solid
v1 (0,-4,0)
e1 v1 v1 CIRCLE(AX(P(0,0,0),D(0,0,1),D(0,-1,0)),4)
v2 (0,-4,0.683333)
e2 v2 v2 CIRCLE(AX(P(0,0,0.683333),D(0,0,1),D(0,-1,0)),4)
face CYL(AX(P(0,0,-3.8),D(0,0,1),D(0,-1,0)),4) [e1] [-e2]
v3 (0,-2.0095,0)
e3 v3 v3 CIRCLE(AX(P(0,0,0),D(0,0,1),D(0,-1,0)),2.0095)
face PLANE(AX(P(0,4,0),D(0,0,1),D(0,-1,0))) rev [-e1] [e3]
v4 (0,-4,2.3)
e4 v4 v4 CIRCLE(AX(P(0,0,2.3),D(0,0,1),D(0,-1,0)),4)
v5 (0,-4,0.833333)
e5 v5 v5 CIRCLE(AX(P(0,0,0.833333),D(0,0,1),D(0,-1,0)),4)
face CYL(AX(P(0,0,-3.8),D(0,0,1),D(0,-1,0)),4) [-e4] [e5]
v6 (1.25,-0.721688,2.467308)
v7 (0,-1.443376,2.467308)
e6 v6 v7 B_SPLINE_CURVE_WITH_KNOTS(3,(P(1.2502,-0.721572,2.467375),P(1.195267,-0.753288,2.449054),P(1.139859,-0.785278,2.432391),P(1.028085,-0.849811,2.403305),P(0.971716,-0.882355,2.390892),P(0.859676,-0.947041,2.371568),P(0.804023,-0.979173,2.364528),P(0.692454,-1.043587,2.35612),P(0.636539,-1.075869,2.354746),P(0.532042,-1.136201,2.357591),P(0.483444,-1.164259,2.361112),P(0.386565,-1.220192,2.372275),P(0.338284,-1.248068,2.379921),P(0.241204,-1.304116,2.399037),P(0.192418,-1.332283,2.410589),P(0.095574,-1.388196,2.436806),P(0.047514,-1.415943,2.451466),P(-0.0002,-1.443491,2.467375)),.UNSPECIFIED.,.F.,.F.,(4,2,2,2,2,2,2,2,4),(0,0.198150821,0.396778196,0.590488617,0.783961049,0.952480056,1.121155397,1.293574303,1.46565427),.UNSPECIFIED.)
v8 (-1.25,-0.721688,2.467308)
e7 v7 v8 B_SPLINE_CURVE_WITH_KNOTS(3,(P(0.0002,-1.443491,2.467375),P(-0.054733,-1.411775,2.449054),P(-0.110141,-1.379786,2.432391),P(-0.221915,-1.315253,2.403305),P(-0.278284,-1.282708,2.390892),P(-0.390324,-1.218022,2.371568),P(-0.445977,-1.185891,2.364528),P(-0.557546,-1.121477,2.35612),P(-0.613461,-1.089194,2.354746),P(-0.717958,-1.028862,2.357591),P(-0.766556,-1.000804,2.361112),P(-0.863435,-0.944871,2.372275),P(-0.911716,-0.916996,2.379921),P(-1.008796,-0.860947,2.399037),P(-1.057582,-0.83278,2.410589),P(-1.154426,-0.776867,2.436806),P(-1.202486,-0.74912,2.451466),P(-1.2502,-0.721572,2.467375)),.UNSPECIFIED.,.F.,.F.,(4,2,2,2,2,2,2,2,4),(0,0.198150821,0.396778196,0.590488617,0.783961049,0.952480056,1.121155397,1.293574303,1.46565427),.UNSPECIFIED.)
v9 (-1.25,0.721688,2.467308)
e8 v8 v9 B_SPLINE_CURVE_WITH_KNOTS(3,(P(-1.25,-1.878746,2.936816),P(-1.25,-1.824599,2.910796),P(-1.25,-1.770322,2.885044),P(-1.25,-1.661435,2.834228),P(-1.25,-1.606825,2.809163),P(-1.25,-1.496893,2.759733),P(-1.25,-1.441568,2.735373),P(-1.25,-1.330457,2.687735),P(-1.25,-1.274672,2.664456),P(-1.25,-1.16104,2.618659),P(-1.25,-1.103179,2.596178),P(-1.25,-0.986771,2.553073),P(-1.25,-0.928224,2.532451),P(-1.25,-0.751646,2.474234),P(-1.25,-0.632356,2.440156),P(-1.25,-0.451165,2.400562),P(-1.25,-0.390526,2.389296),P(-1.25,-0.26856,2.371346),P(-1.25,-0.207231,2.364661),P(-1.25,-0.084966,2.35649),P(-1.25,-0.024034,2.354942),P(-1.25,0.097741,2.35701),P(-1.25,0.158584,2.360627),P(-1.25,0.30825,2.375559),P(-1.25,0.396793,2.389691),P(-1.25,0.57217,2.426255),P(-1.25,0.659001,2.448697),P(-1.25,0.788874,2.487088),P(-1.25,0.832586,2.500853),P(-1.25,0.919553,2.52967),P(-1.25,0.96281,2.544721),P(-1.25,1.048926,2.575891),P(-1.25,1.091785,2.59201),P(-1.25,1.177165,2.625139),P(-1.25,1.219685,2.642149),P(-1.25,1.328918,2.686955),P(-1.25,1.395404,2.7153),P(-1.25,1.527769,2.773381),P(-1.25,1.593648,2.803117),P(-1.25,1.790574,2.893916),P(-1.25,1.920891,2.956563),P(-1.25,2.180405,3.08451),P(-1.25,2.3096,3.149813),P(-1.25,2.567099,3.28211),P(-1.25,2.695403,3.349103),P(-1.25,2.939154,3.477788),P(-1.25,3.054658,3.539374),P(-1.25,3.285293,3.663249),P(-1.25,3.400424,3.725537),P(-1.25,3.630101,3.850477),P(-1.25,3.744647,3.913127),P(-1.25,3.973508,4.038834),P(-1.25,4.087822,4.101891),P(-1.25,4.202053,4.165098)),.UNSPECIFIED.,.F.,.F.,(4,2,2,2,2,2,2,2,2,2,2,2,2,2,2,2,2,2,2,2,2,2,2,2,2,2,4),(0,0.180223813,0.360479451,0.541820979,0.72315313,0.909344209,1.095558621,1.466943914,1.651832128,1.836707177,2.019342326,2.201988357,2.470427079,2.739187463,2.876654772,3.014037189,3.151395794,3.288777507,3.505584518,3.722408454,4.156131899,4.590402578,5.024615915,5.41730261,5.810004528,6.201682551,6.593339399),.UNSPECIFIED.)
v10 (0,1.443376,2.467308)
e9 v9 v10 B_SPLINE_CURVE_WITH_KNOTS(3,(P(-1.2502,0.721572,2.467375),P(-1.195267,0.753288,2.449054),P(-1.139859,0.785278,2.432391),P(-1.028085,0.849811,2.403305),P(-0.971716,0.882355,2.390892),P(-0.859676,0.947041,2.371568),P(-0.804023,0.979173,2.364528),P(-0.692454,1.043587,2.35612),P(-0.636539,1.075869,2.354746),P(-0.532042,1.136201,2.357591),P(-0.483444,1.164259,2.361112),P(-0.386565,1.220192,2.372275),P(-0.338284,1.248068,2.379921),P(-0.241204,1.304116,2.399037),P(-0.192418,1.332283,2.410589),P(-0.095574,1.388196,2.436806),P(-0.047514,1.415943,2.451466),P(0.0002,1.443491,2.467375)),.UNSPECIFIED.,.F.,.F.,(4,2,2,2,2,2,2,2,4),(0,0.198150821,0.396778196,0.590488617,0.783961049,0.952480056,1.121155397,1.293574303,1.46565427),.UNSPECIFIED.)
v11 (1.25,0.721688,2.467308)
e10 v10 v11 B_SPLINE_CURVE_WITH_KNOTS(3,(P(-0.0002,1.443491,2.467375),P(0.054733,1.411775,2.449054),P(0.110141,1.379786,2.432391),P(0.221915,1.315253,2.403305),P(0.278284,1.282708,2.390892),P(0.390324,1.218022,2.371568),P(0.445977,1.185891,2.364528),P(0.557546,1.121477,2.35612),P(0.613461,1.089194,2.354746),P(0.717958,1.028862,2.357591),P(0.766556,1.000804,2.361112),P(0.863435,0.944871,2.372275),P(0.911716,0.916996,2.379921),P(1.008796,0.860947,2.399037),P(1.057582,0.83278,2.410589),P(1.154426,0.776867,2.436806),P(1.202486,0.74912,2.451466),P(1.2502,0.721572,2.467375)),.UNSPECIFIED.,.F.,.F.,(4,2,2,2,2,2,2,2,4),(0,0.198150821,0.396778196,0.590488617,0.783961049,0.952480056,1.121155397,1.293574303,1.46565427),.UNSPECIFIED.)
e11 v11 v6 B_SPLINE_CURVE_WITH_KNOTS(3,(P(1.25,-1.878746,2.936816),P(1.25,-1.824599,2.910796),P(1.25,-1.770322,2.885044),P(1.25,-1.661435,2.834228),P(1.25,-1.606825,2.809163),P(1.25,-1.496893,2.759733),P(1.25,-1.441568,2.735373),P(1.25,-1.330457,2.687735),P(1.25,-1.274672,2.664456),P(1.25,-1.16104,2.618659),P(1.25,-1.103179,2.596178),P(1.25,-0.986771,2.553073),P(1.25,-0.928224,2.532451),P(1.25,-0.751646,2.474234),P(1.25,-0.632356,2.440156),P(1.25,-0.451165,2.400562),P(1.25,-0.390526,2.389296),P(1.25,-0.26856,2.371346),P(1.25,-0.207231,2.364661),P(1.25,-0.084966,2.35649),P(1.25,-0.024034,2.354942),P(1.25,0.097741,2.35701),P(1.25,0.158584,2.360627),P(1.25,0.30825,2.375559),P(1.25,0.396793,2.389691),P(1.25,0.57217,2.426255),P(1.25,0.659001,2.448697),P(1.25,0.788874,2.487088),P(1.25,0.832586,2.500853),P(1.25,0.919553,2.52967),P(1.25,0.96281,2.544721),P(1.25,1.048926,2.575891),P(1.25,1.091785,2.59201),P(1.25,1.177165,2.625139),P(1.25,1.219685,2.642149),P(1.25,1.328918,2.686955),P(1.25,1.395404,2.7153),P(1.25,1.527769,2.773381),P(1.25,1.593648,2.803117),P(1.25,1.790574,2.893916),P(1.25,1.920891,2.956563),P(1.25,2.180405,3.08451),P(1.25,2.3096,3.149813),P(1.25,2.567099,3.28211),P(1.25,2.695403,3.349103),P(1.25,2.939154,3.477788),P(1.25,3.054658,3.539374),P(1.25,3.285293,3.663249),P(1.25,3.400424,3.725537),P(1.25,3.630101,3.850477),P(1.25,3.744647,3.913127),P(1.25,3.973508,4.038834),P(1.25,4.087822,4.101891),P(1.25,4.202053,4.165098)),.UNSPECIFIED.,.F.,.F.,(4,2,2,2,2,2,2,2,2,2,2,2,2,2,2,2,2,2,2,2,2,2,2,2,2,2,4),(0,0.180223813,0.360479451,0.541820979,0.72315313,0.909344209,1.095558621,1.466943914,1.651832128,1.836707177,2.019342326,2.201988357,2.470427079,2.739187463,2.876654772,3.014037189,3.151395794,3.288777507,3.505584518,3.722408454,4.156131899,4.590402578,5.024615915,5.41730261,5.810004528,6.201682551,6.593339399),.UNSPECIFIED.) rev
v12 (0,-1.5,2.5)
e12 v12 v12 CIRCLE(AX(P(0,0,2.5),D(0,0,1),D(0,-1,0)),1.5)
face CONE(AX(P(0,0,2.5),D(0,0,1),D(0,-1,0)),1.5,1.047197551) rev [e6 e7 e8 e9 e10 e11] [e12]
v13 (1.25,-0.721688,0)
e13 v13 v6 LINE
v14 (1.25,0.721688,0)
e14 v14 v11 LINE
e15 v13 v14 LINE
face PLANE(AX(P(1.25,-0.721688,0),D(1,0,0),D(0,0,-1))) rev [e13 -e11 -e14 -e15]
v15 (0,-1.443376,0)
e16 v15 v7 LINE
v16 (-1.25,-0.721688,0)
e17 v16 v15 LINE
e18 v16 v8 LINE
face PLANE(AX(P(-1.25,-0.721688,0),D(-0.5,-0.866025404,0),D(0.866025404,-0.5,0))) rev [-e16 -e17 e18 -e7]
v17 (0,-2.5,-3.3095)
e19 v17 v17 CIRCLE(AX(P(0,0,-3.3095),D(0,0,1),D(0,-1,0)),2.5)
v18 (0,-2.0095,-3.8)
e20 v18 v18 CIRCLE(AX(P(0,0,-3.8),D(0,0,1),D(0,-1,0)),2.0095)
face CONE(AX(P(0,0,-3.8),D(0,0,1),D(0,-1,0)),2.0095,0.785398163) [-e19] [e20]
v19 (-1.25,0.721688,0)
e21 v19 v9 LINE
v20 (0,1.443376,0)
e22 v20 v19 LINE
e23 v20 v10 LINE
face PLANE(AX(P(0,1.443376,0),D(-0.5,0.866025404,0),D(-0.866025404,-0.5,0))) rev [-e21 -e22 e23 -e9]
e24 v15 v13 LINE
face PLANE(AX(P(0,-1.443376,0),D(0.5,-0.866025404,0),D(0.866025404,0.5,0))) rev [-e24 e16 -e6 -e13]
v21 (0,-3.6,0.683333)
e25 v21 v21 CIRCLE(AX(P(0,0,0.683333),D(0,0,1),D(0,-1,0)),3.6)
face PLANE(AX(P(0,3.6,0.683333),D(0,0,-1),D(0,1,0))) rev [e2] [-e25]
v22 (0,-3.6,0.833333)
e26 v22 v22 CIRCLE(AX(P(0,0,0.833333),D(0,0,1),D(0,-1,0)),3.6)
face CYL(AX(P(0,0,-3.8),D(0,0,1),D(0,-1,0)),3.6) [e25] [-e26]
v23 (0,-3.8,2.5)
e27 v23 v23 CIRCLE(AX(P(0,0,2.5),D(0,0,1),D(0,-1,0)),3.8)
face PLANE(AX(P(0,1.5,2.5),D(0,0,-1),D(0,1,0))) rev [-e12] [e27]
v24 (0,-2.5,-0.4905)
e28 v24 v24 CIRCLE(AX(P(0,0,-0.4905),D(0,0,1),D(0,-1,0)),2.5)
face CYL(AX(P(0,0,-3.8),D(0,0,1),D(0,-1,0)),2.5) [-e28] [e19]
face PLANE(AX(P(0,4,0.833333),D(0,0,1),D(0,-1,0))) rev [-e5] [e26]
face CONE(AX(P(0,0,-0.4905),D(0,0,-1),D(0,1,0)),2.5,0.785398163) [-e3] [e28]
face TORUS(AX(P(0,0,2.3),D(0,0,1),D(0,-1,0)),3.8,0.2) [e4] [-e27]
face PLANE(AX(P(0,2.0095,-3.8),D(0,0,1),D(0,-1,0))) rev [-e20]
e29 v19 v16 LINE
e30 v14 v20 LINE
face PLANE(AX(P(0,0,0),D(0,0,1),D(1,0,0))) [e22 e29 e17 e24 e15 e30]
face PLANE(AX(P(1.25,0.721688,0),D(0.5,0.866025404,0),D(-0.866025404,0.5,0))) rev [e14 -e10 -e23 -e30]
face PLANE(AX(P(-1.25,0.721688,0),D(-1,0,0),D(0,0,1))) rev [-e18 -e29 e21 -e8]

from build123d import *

# Parameters (mm, degrees)
CUT_EXTRUDE1_DEPTH = 2.5


with BuildPart() as part:
    # Sketch1 → Revolve1 (revolve)
    with BuildSketch(Plane(origin=(0, 0, 0), x_dir=(0, 0, -1), z_dir=(1, 0, 0))):
        with BuildLine():
            Line((-1.633974596, 0), (-2.5, 1.5))
            Line((-2.5, 1.5), (-2.5, 3.8))
            ThreePointArc((-2.5, 3.8), (-2.441421356, 3.941421356), (-2.3, 4))
            Line((-2.3, 4), (-0.833333333, 4))
            Line((-0.833333333, 4), (-0.833333333, 3.6))
            Line((-0.833333333, 3.6), (-0.683333333, 3.6))
            Line((-0.683333333, 3.6), (-0.683333333, 4))
            Line((-0.683333333, 4), (0, 4))
            Line((0, 4), (0, 2.0095))
            Line((0, 2.0095), (0.4905, 2.5))
            Line((0.4905, 2.5), (3.3095, 2.5))
            Line((3.3095, 2.5), (3.8, 2.0095))
            Line((3.8, 2.0095), (3.8, 0))
            Line((3.8, 0), (-1.633974596, 0))
        make_face()
    revolve(axis=Axis((0, 0, -3.8), (0, 0, 1)))

    # Sketch2 → Cut-Extrude1 (cut)
    with BuildSketch(Plane.XY.offset(2.5)):
        Polygon((-1.25, -0.721687836), (0, -1.443375673), (1.25, -0.721687836), (1.25, 0.721687836), (0, 1.443375673), (-1.25, 0.721687836), align=None)
    extrude(amount=-CUT_EXTRUDE1_DEPTH, mode=Mode.SUBTRACT)


solid = part.part
